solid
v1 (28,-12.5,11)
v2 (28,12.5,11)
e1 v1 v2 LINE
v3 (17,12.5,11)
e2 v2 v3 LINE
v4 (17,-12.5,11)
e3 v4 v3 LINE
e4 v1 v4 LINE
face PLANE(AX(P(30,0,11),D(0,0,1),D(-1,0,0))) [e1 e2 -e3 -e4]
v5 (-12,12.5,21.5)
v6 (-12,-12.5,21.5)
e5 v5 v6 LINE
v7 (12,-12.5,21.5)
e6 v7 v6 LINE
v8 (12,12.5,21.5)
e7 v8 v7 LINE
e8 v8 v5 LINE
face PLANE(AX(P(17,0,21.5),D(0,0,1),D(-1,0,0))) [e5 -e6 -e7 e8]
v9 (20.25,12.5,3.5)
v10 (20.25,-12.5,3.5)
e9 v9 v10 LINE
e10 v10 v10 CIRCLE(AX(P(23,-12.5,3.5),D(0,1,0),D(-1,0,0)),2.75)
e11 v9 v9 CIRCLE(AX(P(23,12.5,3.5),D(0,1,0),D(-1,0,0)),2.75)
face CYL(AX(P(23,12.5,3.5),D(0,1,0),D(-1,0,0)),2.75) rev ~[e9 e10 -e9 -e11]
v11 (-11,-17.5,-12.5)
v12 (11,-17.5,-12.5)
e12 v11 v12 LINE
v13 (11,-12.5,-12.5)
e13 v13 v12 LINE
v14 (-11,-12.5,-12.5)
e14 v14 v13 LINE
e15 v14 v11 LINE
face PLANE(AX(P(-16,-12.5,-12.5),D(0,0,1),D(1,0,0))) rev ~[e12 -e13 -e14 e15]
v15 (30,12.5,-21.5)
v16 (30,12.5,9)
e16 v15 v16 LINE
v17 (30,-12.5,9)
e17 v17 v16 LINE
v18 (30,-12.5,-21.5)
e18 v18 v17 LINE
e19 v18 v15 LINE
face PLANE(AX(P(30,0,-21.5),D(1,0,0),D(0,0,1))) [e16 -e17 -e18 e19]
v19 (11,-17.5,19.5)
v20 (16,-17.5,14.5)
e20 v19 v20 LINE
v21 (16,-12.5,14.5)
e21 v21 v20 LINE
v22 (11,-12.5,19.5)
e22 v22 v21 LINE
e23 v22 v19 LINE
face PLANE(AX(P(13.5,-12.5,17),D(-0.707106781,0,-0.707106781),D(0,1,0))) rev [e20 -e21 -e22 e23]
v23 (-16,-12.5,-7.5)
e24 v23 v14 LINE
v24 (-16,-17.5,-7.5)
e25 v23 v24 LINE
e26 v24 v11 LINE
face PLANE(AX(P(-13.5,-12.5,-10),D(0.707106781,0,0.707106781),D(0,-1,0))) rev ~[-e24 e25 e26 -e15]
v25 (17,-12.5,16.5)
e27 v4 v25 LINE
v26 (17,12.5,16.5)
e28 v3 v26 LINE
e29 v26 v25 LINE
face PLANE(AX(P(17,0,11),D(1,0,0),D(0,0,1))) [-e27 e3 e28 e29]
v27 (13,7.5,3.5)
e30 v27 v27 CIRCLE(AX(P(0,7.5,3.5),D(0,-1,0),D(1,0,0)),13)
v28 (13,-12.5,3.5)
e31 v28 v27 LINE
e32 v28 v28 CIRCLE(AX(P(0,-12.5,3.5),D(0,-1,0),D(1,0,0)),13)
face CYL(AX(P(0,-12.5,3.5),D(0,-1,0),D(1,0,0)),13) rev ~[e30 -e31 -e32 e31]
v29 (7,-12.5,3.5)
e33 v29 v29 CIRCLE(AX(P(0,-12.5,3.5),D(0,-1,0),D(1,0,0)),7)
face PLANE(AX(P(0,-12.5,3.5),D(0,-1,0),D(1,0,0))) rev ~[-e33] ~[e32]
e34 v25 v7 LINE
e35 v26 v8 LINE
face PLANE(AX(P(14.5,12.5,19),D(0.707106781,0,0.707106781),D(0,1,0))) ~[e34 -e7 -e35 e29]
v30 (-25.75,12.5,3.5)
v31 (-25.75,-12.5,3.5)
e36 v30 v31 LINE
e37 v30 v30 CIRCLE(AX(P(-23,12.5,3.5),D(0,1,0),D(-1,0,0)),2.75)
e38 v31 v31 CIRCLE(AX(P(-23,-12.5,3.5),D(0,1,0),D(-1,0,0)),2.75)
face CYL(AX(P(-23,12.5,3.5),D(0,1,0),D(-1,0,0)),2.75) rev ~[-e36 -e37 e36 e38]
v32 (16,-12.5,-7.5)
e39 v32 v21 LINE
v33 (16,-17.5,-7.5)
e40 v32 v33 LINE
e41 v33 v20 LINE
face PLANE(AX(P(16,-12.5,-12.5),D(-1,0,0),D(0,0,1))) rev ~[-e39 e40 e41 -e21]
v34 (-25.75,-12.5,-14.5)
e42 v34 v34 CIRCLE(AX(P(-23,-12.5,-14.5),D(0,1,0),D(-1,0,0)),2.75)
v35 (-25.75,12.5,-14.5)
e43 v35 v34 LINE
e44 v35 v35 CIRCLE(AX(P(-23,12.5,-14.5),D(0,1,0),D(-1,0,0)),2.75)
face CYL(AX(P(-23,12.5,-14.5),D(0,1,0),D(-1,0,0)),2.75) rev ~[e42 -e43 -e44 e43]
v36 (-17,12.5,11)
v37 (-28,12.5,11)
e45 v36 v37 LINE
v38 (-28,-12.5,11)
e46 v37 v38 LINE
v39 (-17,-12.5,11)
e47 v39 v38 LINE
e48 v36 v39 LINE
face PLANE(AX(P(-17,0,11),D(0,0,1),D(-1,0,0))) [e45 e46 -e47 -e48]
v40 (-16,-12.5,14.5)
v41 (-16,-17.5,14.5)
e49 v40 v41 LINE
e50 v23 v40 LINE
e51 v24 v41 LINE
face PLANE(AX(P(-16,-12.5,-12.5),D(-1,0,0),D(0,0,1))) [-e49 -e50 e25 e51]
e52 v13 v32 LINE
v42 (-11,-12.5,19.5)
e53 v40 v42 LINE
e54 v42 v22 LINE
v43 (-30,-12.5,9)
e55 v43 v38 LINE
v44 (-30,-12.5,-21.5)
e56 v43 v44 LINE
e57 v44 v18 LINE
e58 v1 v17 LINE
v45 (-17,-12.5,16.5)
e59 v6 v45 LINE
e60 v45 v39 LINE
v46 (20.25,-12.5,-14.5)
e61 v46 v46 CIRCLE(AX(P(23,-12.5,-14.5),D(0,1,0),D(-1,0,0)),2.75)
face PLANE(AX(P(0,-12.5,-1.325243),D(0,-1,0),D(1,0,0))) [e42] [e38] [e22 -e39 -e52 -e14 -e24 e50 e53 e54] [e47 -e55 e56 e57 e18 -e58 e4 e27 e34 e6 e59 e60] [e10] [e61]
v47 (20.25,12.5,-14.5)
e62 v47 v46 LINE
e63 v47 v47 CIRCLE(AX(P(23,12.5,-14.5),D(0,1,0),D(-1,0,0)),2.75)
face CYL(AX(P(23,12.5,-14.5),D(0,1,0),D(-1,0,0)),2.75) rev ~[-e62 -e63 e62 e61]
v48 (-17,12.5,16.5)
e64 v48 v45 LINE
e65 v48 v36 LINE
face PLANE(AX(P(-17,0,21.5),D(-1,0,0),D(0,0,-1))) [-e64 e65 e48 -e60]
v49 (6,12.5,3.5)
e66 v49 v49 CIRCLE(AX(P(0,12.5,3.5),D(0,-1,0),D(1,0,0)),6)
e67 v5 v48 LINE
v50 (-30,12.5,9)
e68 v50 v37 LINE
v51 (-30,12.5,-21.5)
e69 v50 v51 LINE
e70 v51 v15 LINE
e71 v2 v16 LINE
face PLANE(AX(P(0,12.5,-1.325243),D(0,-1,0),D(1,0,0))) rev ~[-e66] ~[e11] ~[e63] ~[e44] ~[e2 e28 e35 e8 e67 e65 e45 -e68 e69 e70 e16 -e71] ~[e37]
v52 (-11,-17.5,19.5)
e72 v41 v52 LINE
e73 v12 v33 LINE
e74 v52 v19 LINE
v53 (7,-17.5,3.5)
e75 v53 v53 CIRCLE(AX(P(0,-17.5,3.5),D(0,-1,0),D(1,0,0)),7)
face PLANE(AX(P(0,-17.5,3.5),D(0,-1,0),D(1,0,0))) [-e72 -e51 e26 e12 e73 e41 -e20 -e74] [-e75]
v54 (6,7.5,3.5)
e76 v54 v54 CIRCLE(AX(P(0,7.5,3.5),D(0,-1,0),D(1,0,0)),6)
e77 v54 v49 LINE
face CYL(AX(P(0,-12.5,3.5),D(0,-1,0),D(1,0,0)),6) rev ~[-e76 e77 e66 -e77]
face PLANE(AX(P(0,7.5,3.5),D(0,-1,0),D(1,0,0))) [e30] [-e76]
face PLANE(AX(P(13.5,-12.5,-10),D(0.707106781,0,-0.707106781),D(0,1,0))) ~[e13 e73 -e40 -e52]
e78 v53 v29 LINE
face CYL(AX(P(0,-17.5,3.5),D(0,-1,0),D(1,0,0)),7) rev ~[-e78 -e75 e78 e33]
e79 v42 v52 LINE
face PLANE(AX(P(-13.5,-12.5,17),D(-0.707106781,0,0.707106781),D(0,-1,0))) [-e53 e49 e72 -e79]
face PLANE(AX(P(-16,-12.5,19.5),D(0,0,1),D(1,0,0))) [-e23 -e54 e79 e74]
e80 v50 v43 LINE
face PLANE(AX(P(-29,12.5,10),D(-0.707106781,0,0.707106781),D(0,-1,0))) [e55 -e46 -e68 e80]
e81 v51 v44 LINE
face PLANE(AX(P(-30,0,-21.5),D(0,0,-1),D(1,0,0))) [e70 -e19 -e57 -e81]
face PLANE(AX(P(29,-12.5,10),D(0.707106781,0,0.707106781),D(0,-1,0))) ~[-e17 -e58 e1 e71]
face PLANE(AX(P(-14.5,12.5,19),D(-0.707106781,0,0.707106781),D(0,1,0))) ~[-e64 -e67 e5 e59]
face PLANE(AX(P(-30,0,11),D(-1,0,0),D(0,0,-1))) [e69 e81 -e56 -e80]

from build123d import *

# Parameters (mm, degrees)
F1_DEPTH  = 12.5
F2_R      = 6
F3_DEPTH  = 25
F4_R      = 13
F5_DEPTH  = 20
F6_W      = 32
F6_H      = 32
F7_DEPTH  = 5
F8_R      = 7
F9_DEPTH  = 5
F10_SIZE  = 5
F11_SIZE  = 5
F12_R     = 2.75
F13_DEPTH = 25
F14_SIZE  = 2


with BuildPart() as f1:
    # F0 (on Front) → F1 (new body, symmetric)
    with BuildSketch(Plane.XZ):
        Polygon((17, 11), (17, 21.5), (-17, 21.5), (-17, 11), (-30, 11), (-30, -21.5), (30, -21.5), (30, 11), align=None)
    extrude(amount=F1_DEPTH, both=True)

    # F2 (on face) → F3 (cut)
    with BuildSketch(Plane.XZ.offset(12.5)):
        with Locations((0, 3.5)):
            Circle(F2_R)
    extrude(amount=-F3_DEPTH, mode=Mode.SUBTRACT)

    # F4 (on face) → F5 (cut)
    with BuildSketch(Plane.XZ.offset(12.5)):
        with Locations((0, 3.5)):
            Circle(F4_R)
    extrude(amount=-F5_DEPTH, mode=Mode.SUBTRACT)

    # F6 (on face) → F7 (join)
    with BuildSketch(Plane.XZ.offset(12.5)):
        with Locations((0, 3.5)):
            Rectangle(F6_W, F6_H)
    extrude(amount=F7_DEPTH)

    # F8 (on face) → F9 (cut)
    with BuildSketch(Plane.XZ.offset(17.5)):
        with Locations((0, 3.5)):
            Circle(F8_R)
    extrude(amount=-F9_DEPTH, mode=Mode.SUBTRACT)

    # F10
    f10_edges = [f1.edges().sort_by_distance(p)[0] for p in [
        (-16, -15, 19.5),
        (-16, -15, -12.5),
        (16, -15, 19.5),
        (16, -15, -12.5),
    ]]
    chamfer(f10_edges, length=F10_SIZE)

    # F11
    f11_edges = [f1.edges().sort_by_distance(p)[0] for p in [
        (17, 0, 21.5),
        (-17, 0, 21.5),
    ]]
    chamfer(f11_edges, length=F11_SIZE)

    # F12 (on face) → F13 (cut)
    with BuildSketch(Plane(origin=(0, 12.5, 0), x_dir=(-1, 0, 0), z_dir=(0, 1, 0))):
        with Locations((-23, 3.5)):
            Circle(F12_R)
        with Locations((23, 3.5)):
            Circle(F12_R)
        with Locations((23, -14.5)):
            Circle(F12_R)
        with Locations((-23, -14.5)):
            Circle(F12_R)
    extrude(amount=-F13_DEPTH, mode=Mode.SUBTRACT)

    # F14
    f14_edges = [f1.edges().sort_by_distance(p)[0] for p in [
        (30, 0, 11),
        (-30, 0, 11),
    ]]
    chamfer(f14_edges, length=F14_SIZE)


solid = f1.part
